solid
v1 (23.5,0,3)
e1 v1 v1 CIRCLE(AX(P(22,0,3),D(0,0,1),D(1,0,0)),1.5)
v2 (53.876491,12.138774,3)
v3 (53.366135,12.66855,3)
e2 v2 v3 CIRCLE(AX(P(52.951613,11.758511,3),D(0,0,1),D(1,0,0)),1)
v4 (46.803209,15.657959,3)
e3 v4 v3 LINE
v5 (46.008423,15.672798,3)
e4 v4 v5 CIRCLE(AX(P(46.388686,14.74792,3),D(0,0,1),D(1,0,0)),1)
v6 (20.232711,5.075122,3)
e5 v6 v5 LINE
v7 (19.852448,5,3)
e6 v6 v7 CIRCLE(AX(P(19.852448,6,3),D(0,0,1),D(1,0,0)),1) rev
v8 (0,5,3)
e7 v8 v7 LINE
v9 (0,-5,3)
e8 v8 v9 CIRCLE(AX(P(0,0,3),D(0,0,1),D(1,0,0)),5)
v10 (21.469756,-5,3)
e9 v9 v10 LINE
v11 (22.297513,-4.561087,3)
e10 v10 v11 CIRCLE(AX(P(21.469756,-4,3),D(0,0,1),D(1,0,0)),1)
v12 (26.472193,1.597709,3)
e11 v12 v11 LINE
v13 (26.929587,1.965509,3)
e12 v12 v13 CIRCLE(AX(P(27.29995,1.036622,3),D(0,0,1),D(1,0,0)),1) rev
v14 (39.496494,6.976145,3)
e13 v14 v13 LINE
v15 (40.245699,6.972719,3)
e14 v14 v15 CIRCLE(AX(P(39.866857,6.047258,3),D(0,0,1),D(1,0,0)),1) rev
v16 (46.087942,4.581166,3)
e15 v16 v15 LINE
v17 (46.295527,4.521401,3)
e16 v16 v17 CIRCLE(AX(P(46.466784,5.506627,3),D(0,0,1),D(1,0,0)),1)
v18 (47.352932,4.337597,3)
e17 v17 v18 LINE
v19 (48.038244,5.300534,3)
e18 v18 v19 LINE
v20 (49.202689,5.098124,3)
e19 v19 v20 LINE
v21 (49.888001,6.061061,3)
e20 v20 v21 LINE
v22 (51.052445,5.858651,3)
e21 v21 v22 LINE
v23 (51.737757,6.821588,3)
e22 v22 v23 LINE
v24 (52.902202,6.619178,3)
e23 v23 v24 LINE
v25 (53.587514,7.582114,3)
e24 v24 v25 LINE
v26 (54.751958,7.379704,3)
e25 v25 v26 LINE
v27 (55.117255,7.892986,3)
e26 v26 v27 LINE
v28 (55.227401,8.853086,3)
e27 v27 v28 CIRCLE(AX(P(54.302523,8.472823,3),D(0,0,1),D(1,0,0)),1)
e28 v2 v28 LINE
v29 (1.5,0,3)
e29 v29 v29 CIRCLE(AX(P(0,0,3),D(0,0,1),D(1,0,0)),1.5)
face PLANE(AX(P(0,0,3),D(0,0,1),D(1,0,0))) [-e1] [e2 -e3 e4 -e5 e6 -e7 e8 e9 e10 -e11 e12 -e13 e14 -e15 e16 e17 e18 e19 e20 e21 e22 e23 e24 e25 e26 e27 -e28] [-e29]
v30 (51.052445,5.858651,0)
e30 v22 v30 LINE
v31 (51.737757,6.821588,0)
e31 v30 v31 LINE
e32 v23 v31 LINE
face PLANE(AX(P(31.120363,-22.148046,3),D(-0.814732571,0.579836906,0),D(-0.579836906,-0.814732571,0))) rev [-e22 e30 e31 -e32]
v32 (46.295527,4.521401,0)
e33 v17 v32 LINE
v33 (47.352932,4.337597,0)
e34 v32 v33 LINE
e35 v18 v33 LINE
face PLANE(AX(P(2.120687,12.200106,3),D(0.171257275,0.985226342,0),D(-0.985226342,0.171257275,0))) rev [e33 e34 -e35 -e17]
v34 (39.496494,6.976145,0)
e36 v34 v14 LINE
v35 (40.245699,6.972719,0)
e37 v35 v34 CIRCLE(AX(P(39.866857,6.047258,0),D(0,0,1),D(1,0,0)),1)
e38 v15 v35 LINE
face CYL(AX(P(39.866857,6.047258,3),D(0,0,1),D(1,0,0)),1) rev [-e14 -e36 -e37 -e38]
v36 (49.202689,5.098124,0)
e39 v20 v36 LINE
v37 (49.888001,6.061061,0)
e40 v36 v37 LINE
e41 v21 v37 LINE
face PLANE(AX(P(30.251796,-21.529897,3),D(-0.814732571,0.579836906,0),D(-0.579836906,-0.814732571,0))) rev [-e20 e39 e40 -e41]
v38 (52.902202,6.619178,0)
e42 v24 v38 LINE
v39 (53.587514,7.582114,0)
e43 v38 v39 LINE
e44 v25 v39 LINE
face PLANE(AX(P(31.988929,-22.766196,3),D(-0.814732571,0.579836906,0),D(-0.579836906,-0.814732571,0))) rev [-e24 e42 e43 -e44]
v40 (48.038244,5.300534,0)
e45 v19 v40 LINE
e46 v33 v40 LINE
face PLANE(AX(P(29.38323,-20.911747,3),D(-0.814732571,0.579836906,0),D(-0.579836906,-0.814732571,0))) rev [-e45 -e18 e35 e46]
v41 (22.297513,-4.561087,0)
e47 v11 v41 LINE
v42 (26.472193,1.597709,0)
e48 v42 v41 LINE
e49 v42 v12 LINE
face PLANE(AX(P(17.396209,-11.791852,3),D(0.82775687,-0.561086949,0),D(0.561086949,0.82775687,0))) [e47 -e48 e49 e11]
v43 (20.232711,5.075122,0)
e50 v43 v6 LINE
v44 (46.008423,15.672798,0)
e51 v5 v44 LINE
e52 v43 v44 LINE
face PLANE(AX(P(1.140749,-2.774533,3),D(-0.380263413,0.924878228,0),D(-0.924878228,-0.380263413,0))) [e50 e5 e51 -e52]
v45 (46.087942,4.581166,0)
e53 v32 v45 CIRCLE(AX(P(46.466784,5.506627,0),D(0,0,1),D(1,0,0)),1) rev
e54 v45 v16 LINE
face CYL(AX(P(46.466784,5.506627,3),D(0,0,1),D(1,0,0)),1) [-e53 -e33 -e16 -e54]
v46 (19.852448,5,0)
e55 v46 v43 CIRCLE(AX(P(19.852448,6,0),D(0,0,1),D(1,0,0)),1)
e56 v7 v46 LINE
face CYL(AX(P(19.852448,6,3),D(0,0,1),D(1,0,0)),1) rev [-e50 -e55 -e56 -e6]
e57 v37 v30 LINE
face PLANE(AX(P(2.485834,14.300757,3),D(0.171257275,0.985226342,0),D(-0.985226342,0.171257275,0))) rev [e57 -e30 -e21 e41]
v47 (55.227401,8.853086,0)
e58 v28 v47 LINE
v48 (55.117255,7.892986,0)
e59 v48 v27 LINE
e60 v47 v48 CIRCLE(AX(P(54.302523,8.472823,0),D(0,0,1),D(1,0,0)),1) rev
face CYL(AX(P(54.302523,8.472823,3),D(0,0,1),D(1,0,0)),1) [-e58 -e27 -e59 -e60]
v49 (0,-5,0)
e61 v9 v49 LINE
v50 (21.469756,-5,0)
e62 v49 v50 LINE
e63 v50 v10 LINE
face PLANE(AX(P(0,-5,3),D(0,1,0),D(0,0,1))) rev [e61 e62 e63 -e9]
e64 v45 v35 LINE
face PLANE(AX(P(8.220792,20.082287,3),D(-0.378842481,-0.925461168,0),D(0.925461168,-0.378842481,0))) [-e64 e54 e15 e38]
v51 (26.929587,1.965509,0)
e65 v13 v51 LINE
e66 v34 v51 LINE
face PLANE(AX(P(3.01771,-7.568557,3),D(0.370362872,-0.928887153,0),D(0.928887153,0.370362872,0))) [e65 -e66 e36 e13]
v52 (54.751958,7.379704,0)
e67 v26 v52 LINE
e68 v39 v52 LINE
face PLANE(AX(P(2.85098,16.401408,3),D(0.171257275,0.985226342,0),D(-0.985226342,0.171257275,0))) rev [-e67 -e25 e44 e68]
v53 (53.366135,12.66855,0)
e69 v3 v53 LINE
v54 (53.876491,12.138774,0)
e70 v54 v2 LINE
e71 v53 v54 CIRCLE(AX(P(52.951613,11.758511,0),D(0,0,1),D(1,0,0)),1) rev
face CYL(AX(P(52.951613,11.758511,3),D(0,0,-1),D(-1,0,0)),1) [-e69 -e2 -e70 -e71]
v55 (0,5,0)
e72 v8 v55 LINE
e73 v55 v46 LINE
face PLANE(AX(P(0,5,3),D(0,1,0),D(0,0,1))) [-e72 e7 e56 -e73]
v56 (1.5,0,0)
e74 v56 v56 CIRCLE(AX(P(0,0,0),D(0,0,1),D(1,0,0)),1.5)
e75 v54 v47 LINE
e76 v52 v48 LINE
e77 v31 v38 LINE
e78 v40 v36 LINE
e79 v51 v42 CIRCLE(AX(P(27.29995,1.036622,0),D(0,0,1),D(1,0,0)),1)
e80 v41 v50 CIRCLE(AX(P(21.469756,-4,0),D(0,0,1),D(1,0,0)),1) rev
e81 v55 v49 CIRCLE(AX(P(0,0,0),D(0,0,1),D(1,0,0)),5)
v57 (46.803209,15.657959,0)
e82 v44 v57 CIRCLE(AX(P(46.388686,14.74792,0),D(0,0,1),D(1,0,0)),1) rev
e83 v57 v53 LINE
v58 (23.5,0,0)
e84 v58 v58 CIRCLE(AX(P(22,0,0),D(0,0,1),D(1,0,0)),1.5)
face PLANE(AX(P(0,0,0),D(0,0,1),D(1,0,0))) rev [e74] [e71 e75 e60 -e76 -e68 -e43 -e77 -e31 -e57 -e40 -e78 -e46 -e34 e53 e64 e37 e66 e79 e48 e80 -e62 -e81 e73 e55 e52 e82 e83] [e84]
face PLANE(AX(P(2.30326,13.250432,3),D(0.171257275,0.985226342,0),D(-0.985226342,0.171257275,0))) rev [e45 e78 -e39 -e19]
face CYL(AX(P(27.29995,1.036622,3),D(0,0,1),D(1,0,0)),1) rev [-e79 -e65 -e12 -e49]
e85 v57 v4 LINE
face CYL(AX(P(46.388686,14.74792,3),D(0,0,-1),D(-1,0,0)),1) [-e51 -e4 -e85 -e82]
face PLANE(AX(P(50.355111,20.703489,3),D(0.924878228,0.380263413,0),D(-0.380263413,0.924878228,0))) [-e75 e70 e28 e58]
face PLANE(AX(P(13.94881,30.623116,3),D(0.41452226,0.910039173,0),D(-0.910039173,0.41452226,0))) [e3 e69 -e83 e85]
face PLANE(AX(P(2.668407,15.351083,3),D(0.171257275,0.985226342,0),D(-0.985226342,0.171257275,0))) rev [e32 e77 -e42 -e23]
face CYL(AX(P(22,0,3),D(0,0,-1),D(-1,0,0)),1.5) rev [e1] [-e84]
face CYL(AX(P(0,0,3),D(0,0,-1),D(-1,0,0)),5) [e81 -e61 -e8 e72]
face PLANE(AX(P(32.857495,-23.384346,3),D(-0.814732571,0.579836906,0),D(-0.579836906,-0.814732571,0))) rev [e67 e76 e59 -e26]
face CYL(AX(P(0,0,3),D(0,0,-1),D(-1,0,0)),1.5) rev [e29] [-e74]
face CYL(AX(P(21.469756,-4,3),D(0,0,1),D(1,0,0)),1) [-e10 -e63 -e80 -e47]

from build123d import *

# Parameters (mm, degrees)
SKETCH1_R           = 1.5
BOSS_EXTRUDE1_DEPTH = 3
FILLET1_R           = 1


with BuildPart() as part:
    # Sketch1 → Boss-Extrude1 (new body)
    with BuildSketch(Plane.XY):
        with BuildLine():
            Line((20.05, 5), (0, 5))
            ThreePointArc((0, 5), (-5, 0), (0, -5))
            Line((0, -5), (22, -5))
            Line((22, -5), (26.644435765, 1.851814361))
            ThreePointArc((26.644435765, 1.851814361), (24.805434743, 4.138784351), (22, 5))
            Line((22, 5), (20.05, 5))
        make_face()
        Circle(SKETCH1_R, mode=Mode.SUBTRACT)
        with Locations((22, 0)):
            Circle(SKETCH1_R, mode=Mode.SUBTRACT)
        with BuildLine():
            Line((46.409029503, 15.837507263), (20.05, 5))
            Line((20.05, 5), (22, 5))
            ThreePointArc((22, 5), (24.805434743, 4.138784351), (26.644435765, 1.851814361))
            Line((26.644435765, 1.851814361), (39.871788822, 7.125781662))
            Line((39.871788822, 7.125781662), (46.188488025, 4.540007042))
            Line((46.188488025, 4.540007042), (47.352932204, 4.337597171))
            Line((47.352932204, 4.337597171), (48.038244482, 5.300533868))
            Line((48.038244482, 5.300533868), (49.20268866, 5.098123997))
            Line((49.20268866, 5.098123997), (49.888000938, 6.061060693))
            Line((49.888000938, 6.061060693), (51.052445116, 5.858650822))
            Line((51.052445116, 5.858650822), (51.737757394, 6.821587519))
            Line((51.737757394, 6.821587519), (52.902201573, 6.619177648))
            Line((52.902201573, 6.619177648), (53.587513851, 7.582114344))
            Line((53.587513851, 7.582114344), (54.751958029, 7.379704473))
            Line((54.751958029, 7.379704473), (55.437270307, 8.34264117))
            Line((55.437270307, 8.34264117), (53.72608495, 12.504593197))
            Line((53.72608495, 12.504593197), (46.409029503, 15.837507263))
        make_face()
    extrude(amount=BOSS_EXTRUDE1_DEPTH)

    # Fillet1
    fillet1_edges = [part.edges().sort_by_distance(p)[0] for p in [
        (22, -5, 1.5),
        (20.05, 5, 1.5),
        (46.409029503, 15.837507263, 1.5),
        (53.72608495, 12.504593197, 1.5),
        (55.437270307, 8.34264117, 1.5),
        (46.188488025, 4.540007042, 1.5),
        (39.871788822, 7.125781662, 1.5),
        (26.644435765, 1.851814361, 1.5),
    ]]
    fillet(fillet1_edges, radius=FILLET1_R)


solid = part.part
